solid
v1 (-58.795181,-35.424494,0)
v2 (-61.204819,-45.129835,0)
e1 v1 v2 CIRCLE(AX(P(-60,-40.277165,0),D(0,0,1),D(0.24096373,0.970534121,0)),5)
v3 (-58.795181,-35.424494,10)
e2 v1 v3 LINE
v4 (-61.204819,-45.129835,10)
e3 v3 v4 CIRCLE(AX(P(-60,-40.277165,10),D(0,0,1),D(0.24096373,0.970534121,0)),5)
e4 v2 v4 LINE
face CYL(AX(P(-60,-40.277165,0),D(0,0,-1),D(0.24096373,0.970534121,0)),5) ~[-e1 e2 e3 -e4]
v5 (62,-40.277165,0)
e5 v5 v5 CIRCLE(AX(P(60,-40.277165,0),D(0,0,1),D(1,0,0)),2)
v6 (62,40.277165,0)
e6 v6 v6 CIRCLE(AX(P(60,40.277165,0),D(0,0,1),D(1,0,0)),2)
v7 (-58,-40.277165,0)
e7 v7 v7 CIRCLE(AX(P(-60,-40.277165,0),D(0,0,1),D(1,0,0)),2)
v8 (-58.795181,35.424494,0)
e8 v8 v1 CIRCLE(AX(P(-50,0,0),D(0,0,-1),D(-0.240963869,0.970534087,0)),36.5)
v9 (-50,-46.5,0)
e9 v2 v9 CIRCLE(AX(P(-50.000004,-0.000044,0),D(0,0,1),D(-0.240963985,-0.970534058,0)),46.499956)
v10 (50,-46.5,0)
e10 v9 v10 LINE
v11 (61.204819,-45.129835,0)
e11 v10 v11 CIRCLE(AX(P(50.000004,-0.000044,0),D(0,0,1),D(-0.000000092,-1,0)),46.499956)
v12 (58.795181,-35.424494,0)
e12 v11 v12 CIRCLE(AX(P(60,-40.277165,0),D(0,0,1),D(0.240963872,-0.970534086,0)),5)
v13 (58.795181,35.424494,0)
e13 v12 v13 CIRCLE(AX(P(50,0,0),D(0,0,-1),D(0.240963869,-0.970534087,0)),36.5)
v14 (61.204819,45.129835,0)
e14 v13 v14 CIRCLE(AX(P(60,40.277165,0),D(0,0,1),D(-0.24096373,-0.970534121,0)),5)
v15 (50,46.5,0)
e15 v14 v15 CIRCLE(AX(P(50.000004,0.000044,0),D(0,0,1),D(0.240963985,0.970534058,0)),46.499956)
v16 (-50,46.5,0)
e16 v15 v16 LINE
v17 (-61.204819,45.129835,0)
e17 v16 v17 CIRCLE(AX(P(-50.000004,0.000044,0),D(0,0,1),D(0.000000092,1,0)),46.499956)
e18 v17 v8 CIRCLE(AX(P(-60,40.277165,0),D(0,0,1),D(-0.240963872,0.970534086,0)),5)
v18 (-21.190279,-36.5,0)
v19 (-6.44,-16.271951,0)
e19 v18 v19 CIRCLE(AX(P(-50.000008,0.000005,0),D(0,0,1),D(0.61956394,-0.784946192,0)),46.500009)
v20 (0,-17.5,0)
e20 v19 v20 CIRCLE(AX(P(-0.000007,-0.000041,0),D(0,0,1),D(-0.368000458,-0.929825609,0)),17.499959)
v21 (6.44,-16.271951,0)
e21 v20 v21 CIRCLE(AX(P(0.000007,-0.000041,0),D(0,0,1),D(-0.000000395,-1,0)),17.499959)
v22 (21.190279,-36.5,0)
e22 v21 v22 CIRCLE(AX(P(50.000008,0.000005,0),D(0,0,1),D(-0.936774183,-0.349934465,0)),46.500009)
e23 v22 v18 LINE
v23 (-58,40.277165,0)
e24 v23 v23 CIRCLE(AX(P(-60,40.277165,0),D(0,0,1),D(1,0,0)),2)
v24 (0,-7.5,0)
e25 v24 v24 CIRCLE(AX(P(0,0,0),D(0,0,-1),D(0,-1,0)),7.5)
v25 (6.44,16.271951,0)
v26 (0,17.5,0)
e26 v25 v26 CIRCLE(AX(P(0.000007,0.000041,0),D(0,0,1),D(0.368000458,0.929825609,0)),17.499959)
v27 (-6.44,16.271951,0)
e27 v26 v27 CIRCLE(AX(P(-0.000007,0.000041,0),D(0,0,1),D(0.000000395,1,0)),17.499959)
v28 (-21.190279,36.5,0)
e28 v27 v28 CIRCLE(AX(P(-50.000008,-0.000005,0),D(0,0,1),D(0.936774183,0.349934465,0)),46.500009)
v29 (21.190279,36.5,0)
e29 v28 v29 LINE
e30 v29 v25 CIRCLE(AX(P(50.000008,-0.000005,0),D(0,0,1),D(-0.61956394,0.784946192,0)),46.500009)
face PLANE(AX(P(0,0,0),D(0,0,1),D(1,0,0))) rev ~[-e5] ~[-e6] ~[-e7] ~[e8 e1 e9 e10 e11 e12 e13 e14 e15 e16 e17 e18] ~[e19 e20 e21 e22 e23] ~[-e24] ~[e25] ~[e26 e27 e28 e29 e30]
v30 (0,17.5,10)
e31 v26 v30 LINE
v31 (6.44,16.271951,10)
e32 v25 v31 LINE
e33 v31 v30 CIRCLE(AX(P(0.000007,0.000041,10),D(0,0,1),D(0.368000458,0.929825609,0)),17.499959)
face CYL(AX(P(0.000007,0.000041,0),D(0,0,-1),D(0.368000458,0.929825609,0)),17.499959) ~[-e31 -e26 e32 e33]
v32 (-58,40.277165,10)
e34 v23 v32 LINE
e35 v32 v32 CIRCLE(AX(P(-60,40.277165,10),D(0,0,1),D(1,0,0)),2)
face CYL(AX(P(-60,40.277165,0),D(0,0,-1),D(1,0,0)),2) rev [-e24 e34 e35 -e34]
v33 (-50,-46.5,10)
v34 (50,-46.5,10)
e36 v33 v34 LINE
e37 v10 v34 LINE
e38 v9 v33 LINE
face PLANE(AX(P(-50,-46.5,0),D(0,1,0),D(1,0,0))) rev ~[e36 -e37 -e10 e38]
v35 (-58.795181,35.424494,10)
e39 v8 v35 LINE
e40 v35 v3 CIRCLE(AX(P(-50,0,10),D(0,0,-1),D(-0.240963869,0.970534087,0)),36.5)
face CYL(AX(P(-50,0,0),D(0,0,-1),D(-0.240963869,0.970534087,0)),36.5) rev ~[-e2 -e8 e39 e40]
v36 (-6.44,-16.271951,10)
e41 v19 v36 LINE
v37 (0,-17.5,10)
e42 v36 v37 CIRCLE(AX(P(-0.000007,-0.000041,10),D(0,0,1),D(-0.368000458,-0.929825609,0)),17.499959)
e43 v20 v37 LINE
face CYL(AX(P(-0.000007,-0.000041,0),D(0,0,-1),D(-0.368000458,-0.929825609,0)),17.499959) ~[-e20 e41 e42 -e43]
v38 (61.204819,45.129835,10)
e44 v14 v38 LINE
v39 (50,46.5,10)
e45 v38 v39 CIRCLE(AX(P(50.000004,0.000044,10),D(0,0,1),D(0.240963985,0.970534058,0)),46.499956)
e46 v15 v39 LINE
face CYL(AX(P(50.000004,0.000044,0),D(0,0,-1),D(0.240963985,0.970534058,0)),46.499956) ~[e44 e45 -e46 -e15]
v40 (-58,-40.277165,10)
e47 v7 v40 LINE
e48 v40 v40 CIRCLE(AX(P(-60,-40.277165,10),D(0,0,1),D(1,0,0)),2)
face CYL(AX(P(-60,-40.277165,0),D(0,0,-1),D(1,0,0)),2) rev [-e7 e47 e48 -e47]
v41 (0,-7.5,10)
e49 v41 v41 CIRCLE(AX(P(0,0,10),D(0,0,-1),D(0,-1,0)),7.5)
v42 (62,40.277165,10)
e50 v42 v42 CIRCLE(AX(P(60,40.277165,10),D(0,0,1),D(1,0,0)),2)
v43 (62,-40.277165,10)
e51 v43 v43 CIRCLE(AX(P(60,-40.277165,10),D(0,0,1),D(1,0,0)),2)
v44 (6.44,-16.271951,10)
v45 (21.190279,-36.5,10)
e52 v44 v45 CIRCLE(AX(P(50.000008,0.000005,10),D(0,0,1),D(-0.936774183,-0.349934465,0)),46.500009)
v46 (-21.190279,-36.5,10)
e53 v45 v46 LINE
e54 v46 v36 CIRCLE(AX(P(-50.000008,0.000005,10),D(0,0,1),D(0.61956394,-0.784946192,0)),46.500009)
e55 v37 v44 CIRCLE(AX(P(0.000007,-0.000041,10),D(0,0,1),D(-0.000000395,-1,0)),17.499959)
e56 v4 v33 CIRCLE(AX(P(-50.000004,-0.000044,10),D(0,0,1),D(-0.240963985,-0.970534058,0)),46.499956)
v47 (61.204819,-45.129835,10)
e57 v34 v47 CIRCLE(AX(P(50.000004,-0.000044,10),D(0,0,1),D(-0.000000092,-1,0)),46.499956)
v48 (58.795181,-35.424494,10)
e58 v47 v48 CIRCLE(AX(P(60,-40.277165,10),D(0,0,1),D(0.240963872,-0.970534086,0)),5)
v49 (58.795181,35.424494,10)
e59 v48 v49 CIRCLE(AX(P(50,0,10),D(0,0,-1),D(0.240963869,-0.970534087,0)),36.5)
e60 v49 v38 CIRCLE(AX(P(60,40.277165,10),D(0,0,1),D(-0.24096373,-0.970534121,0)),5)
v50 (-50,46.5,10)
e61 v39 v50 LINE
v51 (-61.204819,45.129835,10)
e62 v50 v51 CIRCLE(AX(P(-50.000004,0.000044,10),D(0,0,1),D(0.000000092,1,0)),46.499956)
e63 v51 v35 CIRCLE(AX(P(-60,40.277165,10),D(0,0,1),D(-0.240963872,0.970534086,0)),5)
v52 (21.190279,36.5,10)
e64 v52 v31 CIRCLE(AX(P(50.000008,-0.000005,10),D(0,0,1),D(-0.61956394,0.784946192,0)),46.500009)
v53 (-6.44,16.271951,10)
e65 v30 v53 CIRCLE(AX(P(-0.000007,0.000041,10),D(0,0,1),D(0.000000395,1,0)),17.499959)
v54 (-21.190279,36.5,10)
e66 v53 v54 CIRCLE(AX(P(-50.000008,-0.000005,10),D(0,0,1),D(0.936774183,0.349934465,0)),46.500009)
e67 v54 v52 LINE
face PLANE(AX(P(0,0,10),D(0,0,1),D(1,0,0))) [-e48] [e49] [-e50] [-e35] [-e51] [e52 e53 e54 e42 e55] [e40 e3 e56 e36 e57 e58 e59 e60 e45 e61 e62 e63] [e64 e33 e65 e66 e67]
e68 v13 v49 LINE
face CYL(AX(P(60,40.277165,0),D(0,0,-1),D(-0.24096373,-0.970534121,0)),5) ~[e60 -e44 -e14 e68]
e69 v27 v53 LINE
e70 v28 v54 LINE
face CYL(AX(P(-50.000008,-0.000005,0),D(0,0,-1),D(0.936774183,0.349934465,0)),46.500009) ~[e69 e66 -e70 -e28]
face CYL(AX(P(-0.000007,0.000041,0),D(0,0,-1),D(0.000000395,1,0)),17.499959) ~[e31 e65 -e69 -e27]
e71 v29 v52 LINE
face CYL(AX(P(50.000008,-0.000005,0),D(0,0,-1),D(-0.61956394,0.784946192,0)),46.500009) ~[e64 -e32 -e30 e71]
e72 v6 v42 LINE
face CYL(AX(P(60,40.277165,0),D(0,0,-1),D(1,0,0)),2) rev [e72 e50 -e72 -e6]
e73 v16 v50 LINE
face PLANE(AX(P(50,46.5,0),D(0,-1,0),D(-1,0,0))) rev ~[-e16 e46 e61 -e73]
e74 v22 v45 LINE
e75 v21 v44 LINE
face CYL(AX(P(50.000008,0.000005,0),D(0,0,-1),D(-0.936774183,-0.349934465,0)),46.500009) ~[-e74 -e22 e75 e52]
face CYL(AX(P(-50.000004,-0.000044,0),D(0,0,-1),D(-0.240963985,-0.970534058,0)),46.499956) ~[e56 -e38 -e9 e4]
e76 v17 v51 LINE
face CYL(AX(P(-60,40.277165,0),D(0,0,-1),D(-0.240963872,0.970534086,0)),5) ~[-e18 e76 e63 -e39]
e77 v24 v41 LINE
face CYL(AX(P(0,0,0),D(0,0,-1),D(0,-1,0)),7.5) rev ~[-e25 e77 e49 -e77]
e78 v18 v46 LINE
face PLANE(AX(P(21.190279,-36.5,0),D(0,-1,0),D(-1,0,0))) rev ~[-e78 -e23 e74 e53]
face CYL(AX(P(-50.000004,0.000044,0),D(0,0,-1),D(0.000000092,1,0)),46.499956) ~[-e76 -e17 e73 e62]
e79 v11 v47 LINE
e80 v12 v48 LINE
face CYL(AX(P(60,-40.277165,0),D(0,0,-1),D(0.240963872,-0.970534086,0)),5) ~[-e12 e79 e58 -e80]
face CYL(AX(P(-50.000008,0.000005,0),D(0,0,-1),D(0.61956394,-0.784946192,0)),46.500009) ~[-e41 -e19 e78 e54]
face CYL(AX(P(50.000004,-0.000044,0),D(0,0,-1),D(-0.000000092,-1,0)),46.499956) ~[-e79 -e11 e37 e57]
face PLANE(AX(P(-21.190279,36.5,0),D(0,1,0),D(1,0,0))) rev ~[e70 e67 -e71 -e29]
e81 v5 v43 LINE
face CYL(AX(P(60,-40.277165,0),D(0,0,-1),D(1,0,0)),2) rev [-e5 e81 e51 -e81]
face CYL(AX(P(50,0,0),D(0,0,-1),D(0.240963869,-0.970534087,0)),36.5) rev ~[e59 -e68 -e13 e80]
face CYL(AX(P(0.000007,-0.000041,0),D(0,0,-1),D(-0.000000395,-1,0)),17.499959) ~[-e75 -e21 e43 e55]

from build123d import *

# Parameters (mm, degrees)
F0_R     = 2
F1_DEPTH = 10


with BuildPart() as f1:
    # F0 (on Top) → F1 (new body)
    with BuildSketch(Plane.XY):
        with BuildLine():
            ThreePointArc((58.795181, -35.424494), (13.5, 0), (58.795181, 35.424494))
            ThreePointArc((58.795181, 35.424494), (64.85267, 39.072345), (61.204819, 45.129835))
            ThreePointArc((61.204819, 45.129835), (55.644141, 46.156188), (50, 46.5))
            Line((50, 46.5), (0, 46.5))
            Line((0, 46.5), (-50, 46.5))
            ThreePointArc((-50, 46.5), (-55.644141, 46.156188), (-61.204819, 45.129835))
            ThreePointArc((-61.204819, 45.129835), (-64.85267, 39.072345), (-58.795181, 35.424494))
            ThreePointArc((-58.795181, 35.424494), (-13.5, 0), (-58.795181, -35.424494))
            ThreePointArc((-58.795181, -35.424494), (-64.85267, -39.072345), (-61.204819, -45.129835))
            ThreePointArc((-61.204819, -45.129835), (-55.644141, -46.156188), (-50, -46.5))
            Line((-50, -46.5), (0, -46.5))
            Line((0, -46.5), (50, -46.5))
            ThreePointArc((50, -46.5), (55.644141, -46.156188), (61.204819, -45.129835))
            ThreePointArc((61.204819, -45.129835), (64.85267, -39.072345), (58.795181, -35.424494))
        make_face()
        with Locations((-60, -40.277165)):
            Circle(F0_R, mode=Mode.SUBTRACT)
        with BuildLine():
            ThreePointArc((0, -17.5), (3.278022, -17.190247), (6.44, -16.271951))
            ThreePointArc((6.44, -16.271951), (12.428234, -27.397306), (21.190279, -36.5))
            Line((21.190279, -36.5), (0, -36.5))
            Line((0, -36.5), (-21.190279, -36.5))
            ThreePointArc((-21.190279, -36.5), (-12.428234, -27.397306), (-6.44, -16.271951))
            ThreePointArc((-6.44, -16.271951), (-3.278022, -17.190247), (0, -17.5))
        make_face(mode=Mode.SUBTRACT)
        with Locations((60, -40.277165)):
            Circle(F0_R, mode=Mode.SUBTRACT)
        with Locations((-60, 40.277165)):
            Circle(F0_R, mode=Mode.SUBTRACT)
        with BuildLine():
            ThreePointArc((0, 7.5), (7.5, 0), (0, -7.5))
            ThreePointArc((0, -7.5), (-7.5, 0), (0, 7.5))
        make_face(mode=Mode.SUBTRACT)
        with BuildLine():
            ThreePointArc((21.190279, 36.5), (12.428234, 27.397306), (6.44, 16.271951))
            ThreePointArc((6.44, 16.271951), (3.278022, 17.190247), (0, 17.5))
            ThreePointArc((0, 17.5), (-3.278022, 17.190247), (-6.44, 16.271951))
            ThreePointArc((-6.44, 16.271951), (-12.428234, 27.397306), (-21.190279, 36.5))
            Line((-21.190279, 36.5), (0, 36.5))
            Line((0, 36.5), (21.190279, 36.5))
        make_face(mode=Mode.SUBTRACT)
        with Locations((60, 40.277165)):
            Circle(F0_R, mode=Mode.SUBTRACT)
    extrude(amount=F1_DEPTH)


solid = f1.part
